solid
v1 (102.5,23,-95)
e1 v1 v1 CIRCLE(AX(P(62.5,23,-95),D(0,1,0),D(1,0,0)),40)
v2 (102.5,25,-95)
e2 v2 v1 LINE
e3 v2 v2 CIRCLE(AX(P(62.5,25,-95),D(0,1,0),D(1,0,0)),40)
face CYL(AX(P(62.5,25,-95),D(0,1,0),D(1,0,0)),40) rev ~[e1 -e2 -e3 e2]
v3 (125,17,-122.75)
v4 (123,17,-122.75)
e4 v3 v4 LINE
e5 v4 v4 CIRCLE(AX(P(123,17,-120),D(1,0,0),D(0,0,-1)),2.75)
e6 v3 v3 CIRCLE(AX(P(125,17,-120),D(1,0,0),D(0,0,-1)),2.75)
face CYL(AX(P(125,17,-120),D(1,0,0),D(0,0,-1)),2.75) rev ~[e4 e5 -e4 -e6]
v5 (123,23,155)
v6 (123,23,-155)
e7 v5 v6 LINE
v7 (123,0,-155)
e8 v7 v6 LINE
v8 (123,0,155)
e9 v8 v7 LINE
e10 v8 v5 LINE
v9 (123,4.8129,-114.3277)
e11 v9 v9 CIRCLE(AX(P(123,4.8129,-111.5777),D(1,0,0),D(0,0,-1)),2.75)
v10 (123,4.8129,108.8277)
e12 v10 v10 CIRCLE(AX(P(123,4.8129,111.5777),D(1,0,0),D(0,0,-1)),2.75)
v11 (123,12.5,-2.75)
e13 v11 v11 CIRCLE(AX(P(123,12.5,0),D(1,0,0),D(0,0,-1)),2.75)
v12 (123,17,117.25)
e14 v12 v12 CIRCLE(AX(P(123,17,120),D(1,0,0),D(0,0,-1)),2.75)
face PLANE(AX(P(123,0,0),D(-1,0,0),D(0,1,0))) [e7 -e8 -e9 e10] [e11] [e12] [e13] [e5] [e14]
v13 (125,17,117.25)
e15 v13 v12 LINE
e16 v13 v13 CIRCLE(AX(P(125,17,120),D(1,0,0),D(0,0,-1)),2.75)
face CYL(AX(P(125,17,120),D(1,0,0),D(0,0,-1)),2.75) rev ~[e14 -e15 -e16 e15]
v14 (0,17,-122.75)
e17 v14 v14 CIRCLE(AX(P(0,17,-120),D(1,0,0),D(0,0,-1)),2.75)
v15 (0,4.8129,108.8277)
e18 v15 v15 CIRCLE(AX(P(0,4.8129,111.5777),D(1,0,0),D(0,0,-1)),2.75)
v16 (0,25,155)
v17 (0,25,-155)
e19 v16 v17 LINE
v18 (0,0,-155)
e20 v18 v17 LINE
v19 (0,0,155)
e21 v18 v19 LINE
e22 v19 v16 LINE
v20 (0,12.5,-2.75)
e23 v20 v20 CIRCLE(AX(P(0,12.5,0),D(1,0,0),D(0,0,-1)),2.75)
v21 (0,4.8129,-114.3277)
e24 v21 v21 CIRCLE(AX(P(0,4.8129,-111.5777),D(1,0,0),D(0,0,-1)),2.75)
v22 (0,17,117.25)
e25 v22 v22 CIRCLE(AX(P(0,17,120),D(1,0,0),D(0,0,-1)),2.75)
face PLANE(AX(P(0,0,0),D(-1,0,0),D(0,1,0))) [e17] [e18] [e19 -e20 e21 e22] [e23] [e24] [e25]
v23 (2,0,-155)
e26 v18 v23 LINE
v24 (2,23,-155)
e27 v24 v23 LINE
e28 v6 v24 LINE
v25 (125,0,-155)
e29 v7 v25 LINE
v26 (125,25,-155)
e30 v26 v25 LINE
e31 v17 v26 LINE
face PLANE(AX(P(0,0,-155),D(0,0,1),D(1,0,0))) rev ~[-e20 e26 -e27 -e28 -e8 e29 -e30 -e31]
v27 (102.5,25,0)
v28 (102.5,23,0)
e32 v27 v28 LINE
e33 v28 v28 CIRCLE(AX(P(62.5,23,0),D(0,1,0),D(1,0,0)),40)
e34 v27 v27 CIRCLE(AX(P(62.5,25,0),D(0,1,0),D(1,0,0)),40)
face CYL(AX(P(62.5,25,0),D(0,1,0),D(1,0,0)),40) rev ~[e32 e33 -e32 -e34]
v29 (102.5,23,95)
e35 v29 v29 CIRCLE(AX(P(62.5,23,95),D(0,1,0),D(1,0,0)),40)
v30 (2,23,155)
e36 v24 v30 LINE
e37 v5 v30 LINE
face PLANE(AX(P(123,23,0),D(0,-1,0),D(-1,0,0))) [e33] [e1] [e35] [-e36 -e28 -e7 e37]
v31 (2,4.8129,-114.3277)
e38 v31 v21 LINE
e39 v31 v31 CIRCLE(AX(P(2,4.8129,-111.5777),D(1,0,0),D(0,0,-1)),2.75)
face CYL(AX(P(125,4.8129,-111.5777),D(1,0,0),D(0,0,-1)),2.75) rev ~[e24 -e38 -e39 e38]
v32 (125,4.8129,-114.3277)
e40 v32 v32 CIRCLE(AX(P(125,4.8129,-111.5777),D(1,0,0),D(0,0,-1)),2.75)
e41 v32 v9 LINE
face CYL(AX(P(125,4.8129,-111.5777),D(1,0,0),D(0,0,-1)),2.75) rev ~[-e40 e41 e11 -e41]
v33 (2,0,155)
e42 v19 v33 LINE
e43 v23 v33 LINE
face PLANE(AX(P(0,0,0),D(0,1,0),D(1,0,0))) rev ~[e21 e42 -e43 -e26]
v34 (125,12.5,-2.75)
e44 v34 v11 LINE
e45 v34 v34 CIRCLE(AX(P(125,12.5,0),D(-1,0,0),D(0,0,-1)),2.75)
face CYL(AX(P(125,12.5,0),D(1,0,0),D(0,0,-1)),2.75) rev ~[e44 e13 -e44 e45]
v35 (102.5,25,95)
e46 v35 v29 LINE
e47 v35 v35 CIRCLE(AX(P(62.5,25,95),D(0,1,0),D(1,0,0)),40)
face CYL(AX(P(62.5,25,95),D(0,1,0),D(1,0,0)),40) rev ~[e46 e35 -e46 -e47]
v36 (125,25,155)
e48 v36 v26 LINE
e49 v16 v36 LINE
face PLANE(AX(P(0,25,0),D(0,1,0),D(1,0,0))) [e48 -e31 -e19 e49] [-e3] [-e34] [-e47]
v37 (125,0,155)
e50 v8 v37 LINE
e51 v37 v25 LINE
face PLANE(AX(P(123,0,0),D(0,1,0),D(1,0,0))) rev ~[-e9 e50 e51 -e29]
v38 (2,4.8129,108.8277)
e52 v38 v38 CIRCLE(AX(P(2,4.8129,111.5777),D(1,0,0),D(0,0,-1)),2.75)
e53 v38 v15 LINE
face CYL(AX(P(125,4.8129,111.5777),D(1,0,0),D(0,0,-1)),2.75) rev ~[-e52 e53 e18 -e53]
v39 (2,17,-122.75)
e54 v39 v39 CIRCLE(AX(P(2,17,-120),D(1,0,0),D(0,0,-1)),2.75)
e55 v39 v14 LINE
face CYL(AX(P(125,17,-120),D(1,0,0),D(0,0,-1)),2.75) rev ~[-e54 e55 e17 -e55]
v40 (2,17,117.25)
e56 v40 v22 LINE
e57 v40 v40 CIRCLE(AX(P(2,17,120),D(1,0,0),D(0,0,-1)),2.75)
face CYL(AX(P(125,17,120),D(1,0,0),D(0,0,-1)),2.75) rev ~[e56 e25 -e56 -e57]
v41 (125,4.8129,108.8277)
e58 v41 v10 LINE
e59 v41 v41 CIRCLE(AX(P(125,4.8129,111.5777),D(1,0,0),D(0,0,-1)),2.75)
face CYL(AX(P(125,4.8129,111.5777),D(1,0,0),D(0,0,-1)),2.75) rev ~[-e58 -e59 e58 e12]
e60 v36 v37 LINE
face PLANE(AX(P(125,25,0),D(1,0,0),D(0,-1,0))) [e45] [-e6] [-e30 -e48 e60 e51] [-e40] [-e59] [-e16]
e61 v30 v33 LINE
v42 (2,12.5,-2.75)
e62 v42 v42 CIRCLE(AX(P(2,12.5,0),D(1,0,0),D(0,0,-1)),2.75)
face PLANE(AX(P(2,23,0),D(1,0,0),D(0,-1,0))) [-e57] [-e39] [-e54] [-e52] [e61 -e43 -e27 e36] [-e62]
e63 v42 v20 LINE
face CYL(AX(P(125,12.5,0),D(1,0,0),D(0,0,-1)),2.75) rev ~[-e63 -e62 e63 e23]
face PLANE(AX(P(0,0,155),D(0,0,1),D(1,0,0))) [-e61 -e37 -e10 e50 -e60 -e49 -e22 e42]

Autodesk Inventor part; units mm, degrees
ref_plane "YZ Plane" through (0, 0, 0) normal (1, 0, 0) x (0, 1, 0)
ref_plane "XZ Plane" through (0, 0, 0) normal (0, 1, 0) x (-1, 0, 0)
ref_plane "XY Plane" through (0, 0, 0) normal (0, 0, 1) x (1, 0, 0)
sketch "Sketch1" plane through (0, 0, 0) normal (0, 0, 1) x (1, 0, 0)
  line L0 (0, 0) -> (0, 25)
  line L1 (0, 25) -> (125, 25)
  line L2 (125, 25) -> (125, 0)
  line L3 (123, 0) -> (123, 23)
  line L4 (123, 23) -> (2, 23)
  line L5 (2, 23) -> (2, 0)
  line L6 (0, 0) -> (2, 0)
  line L7 (123, 0) -> (125, 0)
  dimension "d0" = 25
  dimension "d1" = 125
  dimension "d2" = 25
  dimension "d3" = 2
extrude "Extrusion1" add sketch "Sketch1" along normal mid plane 310
sketch "Sketch2" plane through (125, 0, 155) normal (1, 0, 0) x (0, 0, -1)
  line L0 (-37.205, -32.4182) -> (-16.8959, -51.5992) projected
  arc A0 (-19.2763, -56.7631) -> (-16.8959, -51.5992) centre (-18.9558, -53.7803) ccw projected
  line L1 (-19.2763, -56.7631) -> (-50.7848, -53.3777) projected
  arc A1 (-50.7848, -53.3777) -> (-55.7745, -43.3621) centre (-69.9997, -56.6998) ccw projected
  line L2 (-55.7745, -43.3621) -> (-48.1388, -31.7992) projected
  arc A2 (-48.1388, -31.7992) -> (-37.205, -32.4182) centre (-41.913, -18.7038) ccw projected
  line L3 (-75.1262, -21.5392) -> (-58.4114, -21.5392) projected
  arc A3 (-55.5831, -23.5388) -> (-58.4114, -21.5392) centre (-58.4114, -24.5392) ccw projected
  arc A4 (-55.5831, -23.5388) -> (-54.0148, -26.691) centre (-41.913, -18.7038) ccw projected
  arc A5 (-54.0941, -30.1103) -> (-54.0148, -26.691) centre (-56.5186, -28.3435) ccw projected
  line L4 (-54.0941, -30.1103) -> (-59.464, -37.4794) projected
  arc A6 (-62.97, -38.511) -> (-59.464, -37.4794) centre (-61.8885, -35.7127) ccw projected
  arc A7 (-62.97, -38.511) -> (-89.4714, -57.7495) centre (-69.9997, -56.6998) ccw projected
  arc A8 (-91.9686, -60.8693) -> (-89.4714, -57.7495) centre (-92.4671, -57.911) ccw projected
  arc A9 (-94.9644, -58.0288) -> (-91.9686, -60.8693) centre (-91.9686, -57.8693) ccw projected
  arc A10 (-90.8616, -42.9236) -> (-94.9644, -58.0288) centre (-69.9997, -56.6998) ccw projected
  line L5 (-90.8616, -42.9236) -> (-77.6297, -22.886) projected
  arc A11 (-75.1262, -21.5392) -> (-77.6297, -22.886) centre (-75.1262, -24.5392) ccw projected
  line L6 (14.2226, -42.1262) -> (14.481, -34.3473) projected
  arc A12 (16.1692, -31.7481) -> (14.481, -34.3473) centre (17.4793, -34.4469) ccw projected
  arc A13 (16.1692, -31.7481) -> (22.7187, -25.3606) centre (9.837, -18.7038) ccw projected
  arc A14 (25.3838, -23.7379) -> (22.7187, -25.3606) centre (25.3838, -26.7379) ccw projected
  line L7 (25.3838, -23.7379) -> (32.9823, -23.7379) projected
  arc A15 (35.8164, -27.7217) -> (32.9823, -23.7379) centre (32.9823, -26.7379) ccw projected
  arc A16 (20.9479, -43.8593) -> (35.8164, -27.7217) centre (9.837, -18.7038) ccw projected
  line L8 (20.9479, -43.8593) -> (18.4331, -44.97) projected
  arc A17 (14.2226, -42.1262) -> (18.4331, -44.97) centre (17.221, -42.2258) ccw projected
  arc A18 (-58.5566, -72.4892) -> (-51.863, -63.8628) centre (-69.9997, -56.6998) ccw projected
  arc A19 (-48.6463, -61.9952) -> (-51.863, -63.8628) centre (-49.0727, -64.9648) ccw projected
  line L9 (-48.6463, -61.9952) -> (-37.4684, -63.6003) projected
  arc A20 (-36.6827, -69.3141) -> (-37.4684, -63.6003) centre (-37.8948, -66.5698) ccw projected
  line L10 (-36.6827, -69.3141) -> (-55.5841, -77.6626) projected
  arc A21 (-58.5566, -72.4892) -> (-55.5841, -77.6626) centre (-56.7962, -74.9183) ccw projected
  arc A22 (-88.4942, -73.521) -> (-79.2774, -79.9145) centre (-69.9997, -56.6998) ccw projected
  arc A23 (-87.0146, -70.1753) -> (-88.4942, -73.521) centre (-87.0146, -72.1753) ccw projected
  arc A24 (-83.5364, -70.7358) -> (-84.9248, -70.1753) centre (-84.9248, -72.1753) ccw projected
  arc A25 (-83.5364, -70.7358) -> (-77.7157, -74.6082) centre (-69.9997, -56.6998) ccw projected
  arc A26 (-76.5074, -76.4798) -> (-77.7157, -74.6082) centre (-78.5071, -76.445) ccw projected
  line L11 (14.545, -2.9927) -> (14.545, 4.5521) projected
  arc A27 (18.4889, 7.3998) -> (14.545, 4.5521) centre (17.545, 4.5521) ccw projected
  arc A28 (35.8164, -9.6858) -> (18.4889, 7.3998) centre (9.837, -18.7038) ccw projected
  arc A29 (32.9823, -13.6696) -> (35.8164, -9.6858) centre (32.9823, -10.6696) ccw projected
  line L12 (32.9823, -13.6696) -> (25.3838, -13.6696) projected
  arc A30 (22.7187, -12.0469) -> (25.3838, -13.6696) centre (25.3838, -10.6696) ccw projected
  arc A31 (22.7187, -12.0469) -> (16.2237, -5.6861) centre (9.837, -18.7038) ccw projected
  arc A32 (14.545, -2.9927) -> (16.2237, -5.6861) centre (17.545, -2.9927) ccw projected
  line L13 (-41.913, 8.7962) -> (-41.4149, 8.7962) projected
  arc A33 (-38.601, 4.7561) -> (-41.4149, 8.7962) centre (-41.4149, 5.7962) ccw projected
  line L14 (-38.601, 4.7561) -> (-41.237, -2.375) projected
  arc A34 (-43.6844, -4.3124) -> (-41.237, -2.375) centre (-44.0509, -1.3349) ccw projected
  arc A35 (-43.6844, -4.3124) -> (-55.5831, -13.8687) centre (-41.913, -18.7038) ccw projected
  arc A36 (-58.4114, -15.8684) -> (-55.5831, -13.8687) centre (-58.4114, -12.8684) ccw projected
  line L15 (-58.4114, -15.8684) -> (-67.4194, -15.8684) projected
  arc A37 (-69.9228, -11.2152) -> (-67.4194, -15.8684) centre (-67.4194, -12.8684) ccw projected
  line L16 (-69.9228, -11.2152) -> (-64.861, -3.5499) projected
  arc A38 (-41.913, 8.7962) -> (-64.861, -3.5499) centre (-41.913, -18.7038) ccw projected
  line L17 (-27.9232, -22.5166) -> (-4.1527, -22.5166) projected
  arc A39 (-4.1527, -22.5166) -> (3.5036, -31.7475) centre (9.837, -18.7038) ccw projected
  arc A40 (5.1099, -35.1484) -> (3.5036, -31.7475) centre (2.1933, -34.4462) ccw projected
  line L18 (5.1099, -35.1484) -> (1.9297, -48.3572) projected
  arc A41 (-2.7527, -50.0803) -> (1.9297, -48.3572) centre (-0.9869, -47.6549) ccw projected
  line L19 (-2.7527, -50.0803) -> (-31.7052, -29.0019) projected
  arc A42 (-31.7052, -29.0019) -> (-27.9232, -22.5166) centre (-41.913, -18.7038) ccw projected
  line L20 (-6.2824, -14.891) -> (-25.7935, -14.891) projected
  arc A43 (-28.5569, -13.0589) -> (-25.7935, -14.891) centre (-25.7935, -11.891) ccw projected
  arc A44 (-28.5569, -13.0589) -> (-34.5765, -6.1967) centre (-41.913, -18.7038) ccw projected
  arc A45 (-35.7016, -2.1898) -> (-34.5765, -6.1967) centre (-33.0586, -3.6091) ccw projected
  line L21 (-35.7016, -2.1898) -> (-30.651, 7.2155) projected
  arc A46 (-28.008, 8.7962) -> (-30.651, 7.2155) centre (-28.008, 5.7962) ccw projected
  line L22 (-28.008, 8.7962) -> (-0.2731, 8.7962) projected
  arc A47 (2.7269, 5.7962) -> (-0.2731, 8.7962) centre (-0.2731, 5.7962) ccw projected
  line L23 (2.7269, 5.7962) -> (2.7269, -4.4197) projected
  arc A48 (1.46, -6.8684) -> (2.7269, -4.4197) centre (-0.2731, -4.4197) ccw projected
  arc A49 (1.46, -6.8684) -> (-3.5191, -13.0589) centre (9.837, -18.7038) ccw projected
  arc A50 (-6.2824, -14.891) -> (-3.5191, -13.0589) centre (-6.2824, -11.891) ccw projected
  circle A51 centre (-81.913, -5.781) radius 2.75 projected
  circle A52 centre (7.837, -58.4172) radius 2.75 projected
  circle A53 centre (-19.913, 17.776) radius 2.75 projected
  circle A54 centre (-109.9997, -47.6996) radius 2.75 projected
  circle A55 centre (43.4223, 4.8129) radius 2.75 projected
  line L24 (-25.906, 18.0659) -> (-40.1014, 18.7524) projected
  arc A56 (-40.1014, 18.7524) -> (-73.2057, 1.9606) centre (-41.913, -18.7038) ccw projected
  line L25 (-73.2057, 1.9606) -> (-74.4501, 0.0761) projected
  arc A57 (-78.6067, -0.7742) -> (-82.3668, 0.2018) centre (-81.913, -5.781) ccw projected
  line L26 (-85.6456, -16.8777) -> (-99.2063, -37.4131) projected
  arc A58 (-99.2063, -37.4131) -> (-100.1023, -38.8439) centre (-69.9997, -56.6998) ccw projected
  arc A59 (-113.4192, -52.6298) -> (-109.9997, -53.6996) centre (-109.9997, -47.6996) ccw projected
  line L27 (-109.9997, -53.6996) -> (-107.9997, -53.6996) projected
  arc A60 (-104.9997, -56.6996) -> (-54.959, -88.3032) centre (-69.9997, -56.6998) ccw projected
  line L28 (-54.959, -88.3032) -> (2.4193, -60.9957) projected
  arc A61 (2.4193, -60.9957) -> (13.2548, -55.8388) centre (7.837, -58.4172) ccw projected
  line L29 (13.2548, -55.8388) -> (24.8778, -50.3072) projected
  arc A62 (24.8778, -50.3072) -> (42.845, -7.0644) centre (9.837, -18.7038) ccw projected
  line L30 (42.845, -7.0644) -> (48.4494, 1.5375) projected
  arc A63 (48.4494, 1.5375) -> (42.0639, 10.6571) centre (43.4223, 4.8129) ccw projected
  line L31 (42.0639, 10.6571) -> (32.0639, 8.3327) projected
  arc A64 (32.0639, 8.3327) -> (11.5279, 16.2554) centre (9.837, -18.7038) ccw projected
  line L32 (11.5279, 16.2554) -> (-13.92, 17.4862) projected
  arc A65 (-13.92, 17.4862) -> (-25.906, 18.0659) centre (-19.913, 17.776) ccw projected
  circle A66 centre (-69.9997, -56.6998) radius 9.5 projected
  circle A67 centre (-41.913, -18.7038) radius 9.5 projected
  circle A68 centre (9.837, -18.7038) radius 9.5 projected
  circle A69 centre (35, 17) radius 2.75
  circle A70 centre (155, 12.5) radius 2.75
  line L33 (155, 0) -> (155, 25)
  line L34 (0, 25) -> (310, 25) projected
  line L35 (0, 0) -> (0, 25) projected
  circle A71 centre (266.5777, 4.8129) radius 2.75
  circle A72 centre (275, 17) radius 2.75
  circle A73 centre (155, 12.5) radius 2.75
  circle A74 centre (-106.7656, -26.4398) radius 1.65 projected
  arc A75 (-104.9997, -56.6996) -> (-107.9997, -53.6996) centre (-107.9997, -56.6996) ccw projected
  arc A76 (-78.6067, -0.7742) -> (-74.4501, 0.0761) centre (-76.9535, 1.7293) ccw projected
  line L36 (-82.3668, 0.2018) -> (-122.8325, -2.8676) projected
  arc A77 (-122.8325, -2.8676) -> (-132.7182, -39.2443) centre (-121.3198, -22.8103) ccw projected
  line L37 (-132.7182, -39.2443) -> (-113.4192, -52.6298) projected
  circle A78 centre (-131.7402, -33.5999) radius 1.65 projected
  circle A79 centre (-121.3198, -22.8103) radius 10.5 projected
  circle A80 centre (-125.4537, -8.3911) radius 1.65 projected
  line L38 (-104.3923, -39.7785) -> (-104.8988, -39.4272) projected
  arc A81 (-105.5539, -35.1162) -> (-104.8988, -39.4272) centre (-103.189, -36.9621) ccw projected
  arc A82 (-105.5539, -35.1162) -> (-102.1972, -16.9514) centre (-121.3198, -22.8103) ccw projected
  arc A83 (-99.5557, -13.0811) -> (-102.1972, -16.9514) centre (-99.3288, -16.0725) ccw projected
  line L39 (-99.5557, -13.0811) -> (-88.3759, -12.2331) projected
  arc A84 (-85.6456, -16.8777) -> (-88.3759, -12.2331) centre (-88.149, -15.2245) ccw projected
  arc A85 (-104.3923, -39.7785) -> (-100.1023, -38.8439) centre (-102.6826, -37.3134) ccw projected
  line L40 (-76.5074, -76.4798) -> (-76.5355, -78.0922) projected
  arc A86 (-79.2774, -79.9145) -> (-76.5355, -78.0922) centre (-78.5352, -78.0573) ccw projected
  line L41 (-87.0146, -70.1753) -> (-84.9248, -70.1753) projected
  point P0 (-69.9997, -56.6998)
  point P1 (-69.9997, -56.6998)
  point P2 (-69.9997, -56.6998)
  point P3 (-69.9997, -56.6998)
  point P4 (-107.9997, -56.6996)
  point P5 (-102.6826, -37.3134)
  point P6 (-69.9997, -56.6998)
  dimension "d6" = 5.5
  dimension "d7" = 5.5
  dimension "d8" = 8
  dimension "d9" = 12.5
  dimension "d10" = 35
extrude "Extrusion2" cut sketch "Sketch2" against normal blind 205.75 contours A70 L33 | L33 A70 | A55 | A69 | A71 | A72
sketch "Sketch3" plane through (0, 25, 155) normal (0, 1, 0) x (1, 0, 0)
  circle A0 centre (62.5, 60) radius 40
  line L0 (125, 0) -> (125, 310) projected
  line L1 (125, 0) -> (0, 0) projected
  circle A1 centre (62.5, 250) radius 40
  line L2 (0, 310) -> (125, 310) projected
  circle A2 centre (62.5, 155) radius 40
  point P0 (0, 155)
  dimension "d13" = 80
  dimension "d14" = 62.5
  dimension "d15" = 60
  dimension "d16" = 80
  dimension "d17" = 62.5
  dimension "d18" = 60
  dimension "d19" = 80
  dimension "d20" = 62.5
  dimension "d21" = 155
extrude "Extrusion3" cut sketch "Sketch3" against normal blind 10
properties part number "Mottor Protection Piece" material "Aluminum 6061"
